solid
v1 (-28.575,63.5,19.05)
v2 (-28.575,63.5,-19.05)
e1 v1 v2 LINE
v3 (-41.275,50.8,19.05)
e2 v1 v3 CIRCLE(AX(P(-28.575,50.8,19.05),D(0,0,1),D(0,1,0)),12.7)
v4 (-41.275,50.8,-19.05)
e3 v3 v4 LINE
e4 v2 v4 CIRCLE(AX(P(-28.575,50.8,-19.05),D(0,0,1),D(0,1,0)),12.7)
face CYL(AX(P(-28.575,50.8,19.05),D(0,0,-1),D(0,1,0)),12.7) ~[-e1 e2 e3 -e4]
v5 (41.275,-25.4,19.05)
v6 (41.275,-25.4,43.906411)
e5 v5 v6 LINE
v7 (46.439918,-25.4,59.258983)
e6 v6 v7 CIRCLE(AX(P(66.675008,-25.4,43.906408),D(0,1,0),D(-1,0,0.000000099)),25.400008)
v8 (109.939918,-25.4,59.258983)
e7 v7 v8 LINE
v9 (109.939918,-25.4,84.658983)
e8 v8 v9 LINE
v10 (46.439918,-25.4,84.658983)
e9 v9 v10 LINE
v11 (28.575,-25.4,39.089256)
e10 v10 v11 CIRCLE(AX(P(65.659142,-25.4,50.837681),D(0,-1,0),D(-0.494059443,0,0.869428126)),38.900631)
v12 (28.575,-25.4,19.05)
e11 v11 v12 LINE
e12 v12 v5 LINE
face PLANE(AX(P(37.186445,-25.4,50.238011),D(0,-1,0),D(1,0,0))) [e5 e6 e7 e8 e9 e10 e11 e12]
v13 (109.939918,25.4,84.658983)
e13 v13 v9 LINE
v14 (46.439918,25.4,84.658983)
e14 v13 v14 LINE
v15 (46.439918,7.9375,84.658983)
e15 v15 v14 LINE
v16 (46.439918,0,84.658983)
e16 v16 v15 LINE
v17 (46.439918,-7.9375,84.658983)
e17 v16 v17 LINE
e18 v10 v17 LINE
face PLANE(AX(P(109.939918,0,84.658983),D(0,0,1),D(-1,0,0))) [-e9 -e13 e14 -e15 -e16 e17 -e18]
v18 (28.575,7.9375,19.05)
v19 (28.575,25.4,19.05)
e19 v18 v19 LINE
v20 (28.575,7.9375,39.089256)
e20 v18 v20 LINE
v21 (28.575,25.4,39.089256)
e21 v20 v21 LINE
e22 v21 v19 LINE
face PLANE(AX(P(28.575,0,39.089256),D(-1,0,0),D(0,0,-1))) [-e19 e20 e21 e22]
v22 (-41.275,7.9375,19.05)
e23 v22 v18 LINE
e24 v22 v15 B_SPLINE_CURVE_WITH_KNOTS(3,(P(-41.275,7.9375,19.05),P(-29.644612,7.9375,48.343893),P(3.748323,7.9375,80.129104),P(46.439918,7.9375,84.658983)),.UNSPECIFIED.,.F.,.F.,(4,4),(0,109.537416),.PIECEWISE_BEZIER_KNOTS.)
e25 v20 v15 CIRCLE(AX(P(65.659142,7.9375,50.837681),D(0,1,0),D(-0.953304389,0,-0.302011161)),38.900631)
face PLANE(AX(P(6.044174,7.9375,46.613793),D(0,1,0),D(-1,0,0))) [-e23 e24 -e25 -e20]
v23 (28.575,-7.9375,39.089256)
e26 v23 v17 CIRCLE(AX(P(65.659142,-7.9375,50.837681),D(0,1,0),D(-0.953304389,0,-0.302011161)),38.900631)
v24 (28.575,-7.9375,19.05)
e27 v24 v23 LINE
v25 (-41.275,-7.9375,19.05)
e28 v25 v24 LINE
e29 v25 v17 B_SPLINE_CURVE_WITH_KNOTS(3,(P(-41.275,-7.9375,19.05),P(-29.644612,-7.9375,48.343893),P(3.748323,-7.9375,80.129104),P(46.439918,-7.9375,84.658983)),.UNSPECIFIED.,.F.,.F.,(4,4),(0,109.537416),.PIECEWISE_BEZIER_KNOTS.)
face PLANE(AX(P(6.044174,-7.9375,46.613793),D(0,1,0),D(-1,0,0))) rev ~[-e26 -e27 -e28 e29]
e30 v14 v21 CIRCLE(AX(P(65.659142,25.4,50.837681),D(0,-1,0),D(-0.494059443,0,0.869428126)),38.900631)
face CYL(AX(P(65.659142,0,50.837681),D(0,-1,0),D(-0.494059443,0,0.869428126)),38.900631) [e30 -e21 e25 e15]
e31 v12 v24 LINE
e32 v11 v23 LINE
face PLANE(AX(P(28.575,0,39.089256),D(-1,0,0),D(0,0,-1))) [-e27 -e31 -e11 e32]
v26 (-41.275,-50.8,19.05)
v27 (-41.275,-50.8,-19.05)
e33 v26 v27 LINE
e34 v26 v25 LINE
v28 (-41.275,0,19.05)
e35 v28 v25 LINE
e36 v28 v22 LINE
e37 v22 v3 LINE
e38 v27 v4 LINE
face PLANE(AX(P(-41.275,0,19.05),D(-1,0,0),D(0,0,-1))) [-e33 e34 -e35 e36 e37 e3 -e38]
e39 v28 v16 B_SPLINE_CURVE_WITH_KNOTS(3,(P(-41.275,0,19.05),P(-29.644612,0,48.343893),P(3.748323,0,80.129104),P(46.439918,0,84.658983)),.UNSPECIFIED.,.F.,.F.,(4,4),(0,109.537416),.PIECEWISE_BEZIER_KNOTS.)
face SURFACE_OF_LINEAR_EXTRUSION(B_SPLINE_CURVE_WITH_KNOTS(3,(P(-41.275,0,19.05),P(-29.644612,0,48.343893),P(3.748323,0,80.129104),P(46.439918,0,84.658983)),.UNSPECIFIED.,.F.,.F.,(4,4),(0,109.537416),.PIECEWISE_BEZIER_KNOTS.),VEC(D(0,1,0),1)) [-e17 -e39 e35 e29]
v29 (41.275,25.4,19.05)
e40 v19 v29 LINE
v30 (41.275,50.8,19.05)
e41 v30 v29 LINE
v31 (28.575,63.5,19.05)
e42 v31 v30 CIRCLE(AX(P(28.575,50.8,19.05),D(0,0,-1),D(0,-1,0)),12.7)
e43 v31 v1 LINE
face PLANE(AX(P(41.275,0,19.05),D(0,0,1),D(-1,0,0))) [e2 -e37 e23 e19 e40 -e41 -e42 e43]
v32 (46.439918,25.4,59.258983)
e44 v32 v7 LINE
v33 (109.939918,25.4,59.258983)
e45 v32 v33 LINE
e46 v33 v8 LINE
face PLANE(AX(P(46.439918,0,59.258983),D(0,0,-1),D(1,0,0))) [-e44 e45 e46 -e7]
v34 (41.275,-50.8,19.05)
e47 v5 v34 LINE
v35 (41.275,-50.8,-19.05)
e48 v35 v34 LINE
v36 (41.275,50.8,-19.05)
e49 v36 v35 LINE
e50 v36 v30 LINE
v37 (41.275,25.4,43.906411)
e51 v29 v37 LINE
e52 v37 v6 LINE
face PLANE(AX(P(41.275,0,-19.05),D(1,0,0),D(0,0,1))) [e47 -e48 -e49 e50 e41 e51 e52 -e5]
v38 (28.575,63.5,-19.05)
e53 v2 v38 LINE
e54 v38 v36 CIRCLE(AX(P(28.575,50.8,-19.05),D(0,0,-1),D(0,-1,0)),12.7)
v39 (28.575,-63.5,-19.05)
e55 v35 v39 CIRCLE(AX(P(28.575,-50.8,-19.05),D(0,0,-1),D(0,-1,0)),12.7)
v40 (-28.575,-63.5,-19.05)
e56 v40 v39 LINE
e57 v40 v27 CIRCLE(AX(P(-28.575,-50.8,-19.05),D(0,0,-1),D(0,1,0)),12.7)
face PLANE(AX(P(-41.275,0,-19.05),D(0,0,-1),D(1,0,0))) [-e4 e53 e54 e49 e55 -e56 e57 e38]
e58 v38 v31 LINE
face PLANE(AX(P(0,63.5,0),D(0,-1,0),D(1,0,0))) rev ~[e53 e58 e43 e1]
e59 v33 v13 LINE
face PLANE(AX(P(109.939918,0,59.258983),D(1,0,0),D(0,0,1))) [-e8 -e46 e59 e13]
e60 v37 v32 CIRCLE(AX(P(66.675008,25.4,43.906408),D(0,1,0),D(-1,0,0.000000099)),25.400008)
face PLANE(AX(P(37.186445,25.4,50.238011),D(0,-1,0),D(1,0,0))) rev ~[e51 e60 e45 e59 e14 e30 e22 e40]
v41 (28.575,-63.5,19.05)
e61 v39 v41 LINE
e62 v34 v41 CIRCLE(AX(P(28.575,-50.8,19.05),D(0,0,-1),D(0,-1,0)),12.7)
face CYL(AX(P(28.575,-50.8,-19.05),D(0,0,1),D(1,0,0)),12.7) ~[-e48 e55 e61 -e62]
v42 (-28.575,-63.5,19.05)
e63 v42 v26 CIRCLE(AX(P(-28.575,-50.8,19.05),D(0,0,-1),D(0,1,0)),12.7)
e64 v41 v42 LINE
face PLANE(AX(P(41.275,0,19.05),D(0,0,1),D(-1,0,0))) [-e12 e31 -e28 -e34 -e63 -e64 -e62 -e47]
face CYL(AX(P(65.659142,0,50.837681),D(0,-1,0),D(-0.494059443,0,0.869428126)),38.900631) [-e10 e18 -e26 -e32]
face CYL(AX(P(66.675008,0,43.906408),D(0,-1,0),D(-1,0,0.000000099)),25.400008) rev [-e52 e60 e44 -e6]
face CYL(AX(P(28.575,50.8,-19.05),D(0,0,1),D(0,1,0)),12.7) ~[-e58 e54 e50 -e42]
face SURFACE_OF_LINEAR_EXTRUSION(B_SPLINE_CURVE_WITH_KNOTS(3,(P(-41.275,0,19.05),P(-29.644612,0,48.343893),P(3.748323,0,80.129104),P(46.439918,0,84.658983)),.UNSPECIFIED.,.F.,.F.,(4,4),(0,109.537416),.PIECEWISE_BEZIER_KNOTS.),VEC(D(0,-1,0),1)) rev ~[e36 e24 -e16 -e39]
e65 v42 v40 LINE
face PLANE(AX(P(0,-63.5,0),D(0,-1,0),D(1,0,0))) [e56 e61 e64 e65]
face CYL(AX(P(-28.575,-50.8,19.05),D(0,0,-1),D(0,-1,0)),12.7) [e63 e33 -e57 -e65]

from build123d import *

# Parameters (mm, degrees)
F1_DEPTH = 63.5
F2_DEPTH = 25.4
F3_DEPTH = 7.9375
F4_R     = 12.7


with BuildPart() as f1:
    # F0 (on Front) → F1 (new body, symmetric)
    with BuildSketch(Plane.XZ):
        Polygon((-41.275, -19.05), (41.275, -19.05), (41.275, 19.05), (28.575, 19.05), (-41.275, 19.05), align=None)
    extrude(amount=F1_DEPTH, both=True)

    # F0 (on Front) → F2 (join, symmetric)
    with BuildSketch(Plane.XZ):
        with BuildLine():
            Line((28.575, 19.05), (41.275, 19.05))
            Line((41.275, 19.05), (41.275, 43.906411))
            ThreePointArc((41.275, 43.906411), (42.600833, 52.005452), (46.439918, 59.258983))
            Line((46.439918, 59.258983), (46.439918, 84.658983))
            ThreePointArc((46.439918, 84.658983), (29.442195, 65.035984), (28.575, 39.089256))
            Line((28.575, 39.089256), (28.575, 19.05))
        make_face()
        with BuildLine():
            Line((109.939918, 84.658983), (46.439918, 84.658983))
            Line((46.439918, 84.658983), (61.292269, 68.729509))
            ThreePointArc((61.292269, 68.729509), (53.018836, 65.322975), (46.439918, 59.258983))
            Line((46.439918, 59.258983), (109.939918, 59.258983))
            Line((109.939918, 59.258983), (109.939918, 84.658983))
        make_face()
        with BuildLine():
            Line((61.292269, 68.729509), (46.439918, 84.658983))
            Line((46.439918, 84.658983), (46.439918, 59.258983))
            ThreePointArc((46.439918, 59.258983), (53.018836, 65.322975), (61.292269, 68.729509))
        make_face()
    extrude(amount=F2_DEPTH, both=True)

    # F0 (on Front) → F3 (join, symmetric)
    with BuildSketch(Plane.XZ):
        with BuildLine():
            add(Edge.make_bspline(
                [(-41.275, 19.05), (-29.644612, 48.343893), (3.748323, 80.129104), (46.439918, 84.658983)],
                knots=[0, 0, 0, 0, 109.537416, 109.537416, 109.537416, 109.537416], degree=3))
            Line((-41.275, 19.05), (28.575, 19.05))
            Line((28.575, 19.05), (28.575, 39.089256))
            ThreePointArc((28.575, 39.089256), (29.442195, 65.035984), (46.439918, 84.658983))
        make_face()
    extrude(amount=F3_DEPTH, both=True)

    # F4
    f4_edges = [f1.edges().sort_by_distance(p)[0] for p in [
        (-41.275, -63.5, 0),
        (-41.275, 63.5, 0),
        (41.275, 63.5, 0),
        (41.275, -63.5, 0),
    ]]
    fillet(f4_edges, radius=F4_R)


solid = f1.part
